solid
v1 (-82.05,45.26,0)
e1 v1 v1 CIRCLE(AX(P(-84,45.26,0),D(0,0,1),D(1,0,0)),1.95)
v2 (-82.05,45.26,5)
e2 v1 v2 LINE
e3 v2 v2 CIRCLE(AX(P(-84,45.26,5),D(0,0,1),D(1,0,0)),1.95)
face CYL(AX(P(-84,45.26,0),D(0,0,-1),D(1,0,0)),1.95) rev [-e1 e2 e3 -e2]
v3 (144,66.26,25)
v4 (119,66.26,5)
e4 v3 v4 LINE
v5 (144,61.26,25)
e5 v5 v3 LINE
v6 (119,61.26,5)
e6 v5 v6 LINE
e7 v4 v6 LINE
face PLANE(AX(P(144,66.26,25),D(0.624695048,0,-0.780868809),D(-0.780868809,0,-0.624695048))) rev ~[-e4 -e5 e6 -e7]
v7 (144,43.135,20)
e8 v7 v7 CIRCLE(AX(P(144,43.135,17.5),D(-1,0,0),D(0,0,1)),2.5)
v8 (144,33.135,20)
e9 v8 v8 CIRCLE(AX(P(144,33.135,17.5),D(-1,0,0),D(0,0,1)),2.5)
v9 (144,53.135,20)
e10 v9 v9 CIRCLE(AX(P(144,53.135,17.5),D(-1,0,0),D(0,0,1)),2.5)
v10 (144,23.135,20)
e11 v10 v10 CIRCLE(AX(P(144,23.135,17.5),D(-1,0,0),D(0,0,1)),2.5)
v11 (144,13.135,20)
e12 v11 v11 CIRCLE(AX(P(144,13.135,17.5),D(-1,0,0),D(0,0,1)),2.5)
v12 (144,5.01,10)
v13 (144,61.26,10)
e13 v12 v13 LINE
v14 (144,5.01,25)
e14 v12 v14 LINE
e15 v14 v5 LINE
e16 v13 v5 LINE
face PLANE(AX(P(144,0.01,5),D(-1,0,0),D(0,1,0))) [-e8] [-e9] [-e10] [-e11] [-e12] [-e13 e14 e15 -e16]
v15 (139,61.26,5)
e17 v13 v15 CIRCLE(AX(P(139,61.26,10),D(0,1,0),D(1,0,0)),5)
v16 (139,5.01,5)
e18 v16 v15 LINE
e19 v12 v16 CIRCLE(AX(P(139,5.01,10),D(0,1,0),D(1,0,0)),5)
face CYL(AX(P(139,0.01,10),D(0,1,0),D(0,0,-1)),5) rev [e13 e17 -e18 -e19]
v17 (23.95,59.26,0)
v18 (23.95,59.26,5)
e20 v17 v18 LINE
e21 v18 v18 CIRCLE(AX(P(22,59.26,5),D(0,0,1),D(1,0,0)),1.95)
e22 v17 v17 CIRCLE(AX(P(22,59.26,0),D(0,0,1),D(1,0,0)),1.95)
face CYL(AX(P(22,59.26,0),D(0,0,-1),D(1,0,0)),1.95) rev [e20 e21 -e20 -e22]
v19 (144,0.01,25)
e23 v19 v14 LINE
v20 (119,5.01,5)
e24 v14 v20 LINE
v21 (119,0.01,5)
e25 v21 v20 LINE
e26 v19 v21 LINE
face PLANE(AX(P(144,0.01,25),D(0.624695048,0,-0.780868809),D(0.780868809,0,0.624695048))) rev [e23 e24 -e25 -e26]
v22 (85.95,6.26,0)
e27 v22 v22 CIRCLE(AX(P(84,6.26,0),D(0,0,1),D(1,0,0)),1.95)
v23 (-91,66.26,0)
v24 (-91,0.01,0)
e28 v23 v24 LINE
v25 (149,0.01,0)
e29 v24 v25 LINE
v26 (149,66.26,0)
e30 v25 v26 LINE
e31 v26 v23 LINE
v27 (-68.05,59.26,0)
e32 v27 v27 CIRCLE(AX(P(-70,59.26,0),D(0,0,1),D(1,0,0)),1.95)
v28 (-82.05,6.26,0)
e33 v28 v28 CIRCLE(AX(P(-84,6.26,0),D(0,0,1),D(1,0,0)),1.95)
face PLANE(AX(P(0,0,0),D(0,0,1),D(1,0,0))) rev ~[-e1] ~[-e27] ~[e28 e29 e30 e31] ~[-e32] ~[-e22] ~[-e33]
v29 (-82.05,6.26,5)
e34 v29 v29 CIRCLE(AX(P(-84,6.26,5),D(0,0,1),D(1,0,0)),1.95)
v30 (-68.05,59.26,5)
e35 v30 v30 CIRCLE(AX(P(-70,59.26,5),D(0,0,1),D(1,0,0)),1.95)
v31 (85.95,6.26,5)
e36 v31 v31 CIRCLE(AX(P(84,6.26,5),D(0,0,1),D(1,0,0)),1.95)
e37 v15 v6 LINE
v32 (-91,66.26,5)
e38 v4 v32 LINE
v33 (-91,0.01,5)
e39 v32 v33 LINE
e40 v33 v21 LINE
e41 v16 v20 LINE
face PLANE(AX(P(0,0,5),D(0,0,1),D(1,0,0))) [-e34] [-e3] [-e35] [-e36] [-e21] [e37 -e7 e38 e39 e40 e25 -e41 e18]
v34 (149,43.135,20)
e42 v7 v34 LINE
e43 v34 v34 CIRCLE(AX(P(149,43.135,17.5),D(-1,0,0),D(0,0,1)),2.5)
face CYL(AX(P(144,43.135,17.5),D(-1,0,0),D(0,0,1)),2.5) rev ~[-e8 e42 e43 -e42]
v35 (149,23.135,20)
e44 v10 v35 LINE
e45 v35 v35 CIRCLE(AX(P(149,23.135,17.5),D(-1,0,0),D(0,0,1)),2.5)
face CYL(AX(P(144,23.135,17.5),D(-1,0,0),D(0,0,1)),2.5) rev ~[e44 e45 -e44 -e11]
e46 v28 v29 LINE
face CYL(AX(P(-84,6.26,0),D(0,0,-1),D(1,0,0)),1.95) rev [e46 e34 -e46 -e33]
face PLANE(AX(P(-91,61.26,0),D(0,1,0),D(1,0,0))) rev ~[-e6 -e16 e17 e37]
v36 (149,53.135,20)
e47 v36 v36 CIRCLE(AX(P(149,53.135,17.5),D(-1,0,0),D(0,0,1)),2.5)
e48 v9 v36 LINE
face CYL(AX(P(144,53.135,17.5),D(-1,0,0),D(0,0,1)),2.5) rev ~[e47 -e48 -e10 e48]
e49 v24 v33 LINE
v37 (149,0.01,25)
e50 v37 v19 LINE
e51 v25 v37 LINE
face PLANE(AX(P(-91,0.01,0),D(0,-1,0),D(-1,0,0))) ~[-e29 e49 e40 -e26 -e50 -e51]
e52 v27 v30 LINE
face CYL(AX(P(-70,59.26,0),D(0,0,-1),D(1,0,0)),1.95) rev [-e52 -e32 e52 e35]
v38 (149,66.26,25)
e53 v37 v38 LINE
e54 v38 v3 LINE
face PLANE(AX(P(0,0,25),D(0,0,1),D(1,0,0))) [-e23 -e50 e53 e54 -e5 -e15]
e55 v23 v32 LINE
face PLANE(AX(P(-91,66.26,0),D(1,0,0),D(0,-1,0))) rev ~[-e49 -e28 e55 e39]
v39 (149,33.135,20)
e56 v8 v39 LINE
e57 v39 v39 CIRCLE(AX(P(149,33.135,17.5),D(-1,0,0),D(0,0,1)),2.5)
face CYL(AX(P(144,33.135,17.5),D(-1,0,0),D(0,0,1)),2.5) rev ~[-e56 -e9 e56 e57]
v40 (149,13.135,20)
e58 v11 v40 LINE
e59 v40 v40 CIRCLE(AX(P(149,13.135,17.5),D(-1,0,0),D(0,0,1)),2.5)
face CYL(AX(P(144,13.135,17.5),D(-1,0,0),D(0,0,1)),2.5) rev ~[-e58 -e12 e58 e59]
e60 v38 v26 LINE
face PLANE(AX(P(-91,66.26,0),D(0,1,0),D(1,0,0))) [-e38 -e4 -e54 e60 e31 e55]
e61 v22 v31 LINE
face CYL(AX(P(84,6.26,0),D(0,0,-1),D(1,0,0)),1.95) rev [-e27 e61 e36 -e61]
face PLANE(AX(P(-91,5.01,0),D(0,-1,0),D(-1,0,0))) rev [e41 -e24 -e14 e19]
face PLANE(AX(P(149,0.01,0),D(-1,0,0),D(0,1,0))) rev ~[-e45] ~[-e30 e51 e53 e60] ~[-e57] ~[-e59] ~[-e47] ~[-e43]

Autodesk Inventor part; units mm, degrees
ref_plane "YZ Plane" through (0, 0, 0) normal (1, 0, 0) x (0, 1, 0)
ref_plane "XZ Plane" through (0, 0, 0) normal (0, 1, 0) x (-1, 0, 0)
ref_plane "XY Plane" through (0, 0, 0) normal (0, 0, 1) x (1, 0, 0)
ref_plane "Work Plane1" through (0, 0, 0) normal (0, 0, 1) x (1, 0, 0)
sketch "Sketch1" plane through (0, 0, 0) normal (0, 0, 1) x (1, 0, 0)
  line L0 (91, 0.01) -> (-91, 0.01) construction
  line L1 (91, 0.01) -> (91, 13.01) construction
  line L2 (28.25, 66.26) -> (91, 13.01) construction
  line L3 (-75.75, 66.26) -> (28.25, 66.26) construction
  line L4 (-91, 51.01) -> (-75.75, 66.26) construction
  line L5 (-91, 0.01) -> (-91, 51.01) construction
  circle A0 centre (22, 59.26) radius 1.95 projected
  circle A1 centre (-84, 6.26) radius 1.95 projected
  circle A2 centre (-84, 45.26) radius 1.95 projected
  circle A3 centre (-70, 59.26) radius 1.95 projected
  line L6 (149.1, -0.3275) -> (149.1, 180.6725) construction
  line L7 (-91, 0.01) -> (149, 0.01)
  line L8 (149, 0.01) -> (149, 66.26)
  line L9 (149, 66.26) -> (-91, 66.26)
  line L10 (-91, 66.26) -> (-91, 0.01)
  circle A4 centre (84, 6.26) radius 1.95 projected
  point P0 (0, 0)
  dimension "d0" = 0.1
extrude "Extrusion1" add sketch "Sketch1" along normal blind 5
sketch "Sketch2" plane through (0, 0, 5) normal (0, 0, 1) x (1, 0, 0)
  line L0 (149, 0.01) -> (149, 66.26) projected
  line L1 (149, 66.26) -> (-91, 66.26) projected
  line L2 (149, 0.01) -> (144, 0.01)
  line L3 (144, 0.01) -> (144, 66.26)
  line L4 (144, 66.26) -> (149, 66.26)
  line L5 (149, 66.26) -> (149, 0.01)
  point P0 (0, 0)
  dimension "d3" = 5
extrude "Extrusion2" add sketch "Sketch2" along normal blind 20
fillet "Fillet1" radius 5 1 edges at (144, 33.135, 5)
sketch "Sketch3" plane through (-91, 66.26, 0) normal (0, 1, 0) x (1, 0, 0)
  line L0 (240, -25) -> (235, -25) projected
  line L1 (235, -25) -> (210, -5)
  line L2 (230, -5) -> (0, -5) projected
  line L3 (235, -10) -> (235, -25) projected
  arc A0 (235, -10) -> (230, -5) centre (230, -10) ccw projected
  point P0 (91, 0)
  dimension "d7" = 20
extrude "Extrusion3" add sketch "Sketch3" against normal blind 5
ref_plane "Work Plane2" through (-91, 33.135, 0) normal (0, -1, 0) x (1, 0, 0)
mirror "Mirror1" about plane through (-91, 33.135, 0) normal (0, -1, 0) of "Extrusion3"
sketch "Sketch4" plane through (144, 61.26, 10) normal (-1, 0, 0) x (0, 0, 1)
  line L0 (0, -56.25) -> (15, -56.25) projected
  line L1 (15, 0) -> (15, -56.25) projected
  line L2 (15, 0) -> (0, 0) projected
  line L3 (0, -56.25) -> (0, 0) projected
  circle A0 centre (7.5, -18.125) radius 2.5
  circle A1 centre (7.5, -38.125) radius 2.5
  circle A2 centre (7.5, -28.125) radius 2.5
  line L4 (0, -56.25) -> (0, 0) projected
  line L5 (0, -28.125) -> (15, -28.125) construction
  line L6 (15, -61.25) -> (15, 5) projected
  circle A3 centre (7.5, -8.125) radius 2.5
  circle A4 centre (7.5, -48.125) radius 2.5
  point P0 (-10, -61.26)
  point P1 (7.5, -28.125)
  dimension "d10" = 5
  dimension "d11" = 5
  dimension "d12" = 10
  dimension "d13" = 5
  dimension "d14" = 10
extrude "Extrusion4" cut sketch "Sketch4" against normal through all contours A0 | A1 | A2 | A3 | A4
properties part number "dilution system bracket"
